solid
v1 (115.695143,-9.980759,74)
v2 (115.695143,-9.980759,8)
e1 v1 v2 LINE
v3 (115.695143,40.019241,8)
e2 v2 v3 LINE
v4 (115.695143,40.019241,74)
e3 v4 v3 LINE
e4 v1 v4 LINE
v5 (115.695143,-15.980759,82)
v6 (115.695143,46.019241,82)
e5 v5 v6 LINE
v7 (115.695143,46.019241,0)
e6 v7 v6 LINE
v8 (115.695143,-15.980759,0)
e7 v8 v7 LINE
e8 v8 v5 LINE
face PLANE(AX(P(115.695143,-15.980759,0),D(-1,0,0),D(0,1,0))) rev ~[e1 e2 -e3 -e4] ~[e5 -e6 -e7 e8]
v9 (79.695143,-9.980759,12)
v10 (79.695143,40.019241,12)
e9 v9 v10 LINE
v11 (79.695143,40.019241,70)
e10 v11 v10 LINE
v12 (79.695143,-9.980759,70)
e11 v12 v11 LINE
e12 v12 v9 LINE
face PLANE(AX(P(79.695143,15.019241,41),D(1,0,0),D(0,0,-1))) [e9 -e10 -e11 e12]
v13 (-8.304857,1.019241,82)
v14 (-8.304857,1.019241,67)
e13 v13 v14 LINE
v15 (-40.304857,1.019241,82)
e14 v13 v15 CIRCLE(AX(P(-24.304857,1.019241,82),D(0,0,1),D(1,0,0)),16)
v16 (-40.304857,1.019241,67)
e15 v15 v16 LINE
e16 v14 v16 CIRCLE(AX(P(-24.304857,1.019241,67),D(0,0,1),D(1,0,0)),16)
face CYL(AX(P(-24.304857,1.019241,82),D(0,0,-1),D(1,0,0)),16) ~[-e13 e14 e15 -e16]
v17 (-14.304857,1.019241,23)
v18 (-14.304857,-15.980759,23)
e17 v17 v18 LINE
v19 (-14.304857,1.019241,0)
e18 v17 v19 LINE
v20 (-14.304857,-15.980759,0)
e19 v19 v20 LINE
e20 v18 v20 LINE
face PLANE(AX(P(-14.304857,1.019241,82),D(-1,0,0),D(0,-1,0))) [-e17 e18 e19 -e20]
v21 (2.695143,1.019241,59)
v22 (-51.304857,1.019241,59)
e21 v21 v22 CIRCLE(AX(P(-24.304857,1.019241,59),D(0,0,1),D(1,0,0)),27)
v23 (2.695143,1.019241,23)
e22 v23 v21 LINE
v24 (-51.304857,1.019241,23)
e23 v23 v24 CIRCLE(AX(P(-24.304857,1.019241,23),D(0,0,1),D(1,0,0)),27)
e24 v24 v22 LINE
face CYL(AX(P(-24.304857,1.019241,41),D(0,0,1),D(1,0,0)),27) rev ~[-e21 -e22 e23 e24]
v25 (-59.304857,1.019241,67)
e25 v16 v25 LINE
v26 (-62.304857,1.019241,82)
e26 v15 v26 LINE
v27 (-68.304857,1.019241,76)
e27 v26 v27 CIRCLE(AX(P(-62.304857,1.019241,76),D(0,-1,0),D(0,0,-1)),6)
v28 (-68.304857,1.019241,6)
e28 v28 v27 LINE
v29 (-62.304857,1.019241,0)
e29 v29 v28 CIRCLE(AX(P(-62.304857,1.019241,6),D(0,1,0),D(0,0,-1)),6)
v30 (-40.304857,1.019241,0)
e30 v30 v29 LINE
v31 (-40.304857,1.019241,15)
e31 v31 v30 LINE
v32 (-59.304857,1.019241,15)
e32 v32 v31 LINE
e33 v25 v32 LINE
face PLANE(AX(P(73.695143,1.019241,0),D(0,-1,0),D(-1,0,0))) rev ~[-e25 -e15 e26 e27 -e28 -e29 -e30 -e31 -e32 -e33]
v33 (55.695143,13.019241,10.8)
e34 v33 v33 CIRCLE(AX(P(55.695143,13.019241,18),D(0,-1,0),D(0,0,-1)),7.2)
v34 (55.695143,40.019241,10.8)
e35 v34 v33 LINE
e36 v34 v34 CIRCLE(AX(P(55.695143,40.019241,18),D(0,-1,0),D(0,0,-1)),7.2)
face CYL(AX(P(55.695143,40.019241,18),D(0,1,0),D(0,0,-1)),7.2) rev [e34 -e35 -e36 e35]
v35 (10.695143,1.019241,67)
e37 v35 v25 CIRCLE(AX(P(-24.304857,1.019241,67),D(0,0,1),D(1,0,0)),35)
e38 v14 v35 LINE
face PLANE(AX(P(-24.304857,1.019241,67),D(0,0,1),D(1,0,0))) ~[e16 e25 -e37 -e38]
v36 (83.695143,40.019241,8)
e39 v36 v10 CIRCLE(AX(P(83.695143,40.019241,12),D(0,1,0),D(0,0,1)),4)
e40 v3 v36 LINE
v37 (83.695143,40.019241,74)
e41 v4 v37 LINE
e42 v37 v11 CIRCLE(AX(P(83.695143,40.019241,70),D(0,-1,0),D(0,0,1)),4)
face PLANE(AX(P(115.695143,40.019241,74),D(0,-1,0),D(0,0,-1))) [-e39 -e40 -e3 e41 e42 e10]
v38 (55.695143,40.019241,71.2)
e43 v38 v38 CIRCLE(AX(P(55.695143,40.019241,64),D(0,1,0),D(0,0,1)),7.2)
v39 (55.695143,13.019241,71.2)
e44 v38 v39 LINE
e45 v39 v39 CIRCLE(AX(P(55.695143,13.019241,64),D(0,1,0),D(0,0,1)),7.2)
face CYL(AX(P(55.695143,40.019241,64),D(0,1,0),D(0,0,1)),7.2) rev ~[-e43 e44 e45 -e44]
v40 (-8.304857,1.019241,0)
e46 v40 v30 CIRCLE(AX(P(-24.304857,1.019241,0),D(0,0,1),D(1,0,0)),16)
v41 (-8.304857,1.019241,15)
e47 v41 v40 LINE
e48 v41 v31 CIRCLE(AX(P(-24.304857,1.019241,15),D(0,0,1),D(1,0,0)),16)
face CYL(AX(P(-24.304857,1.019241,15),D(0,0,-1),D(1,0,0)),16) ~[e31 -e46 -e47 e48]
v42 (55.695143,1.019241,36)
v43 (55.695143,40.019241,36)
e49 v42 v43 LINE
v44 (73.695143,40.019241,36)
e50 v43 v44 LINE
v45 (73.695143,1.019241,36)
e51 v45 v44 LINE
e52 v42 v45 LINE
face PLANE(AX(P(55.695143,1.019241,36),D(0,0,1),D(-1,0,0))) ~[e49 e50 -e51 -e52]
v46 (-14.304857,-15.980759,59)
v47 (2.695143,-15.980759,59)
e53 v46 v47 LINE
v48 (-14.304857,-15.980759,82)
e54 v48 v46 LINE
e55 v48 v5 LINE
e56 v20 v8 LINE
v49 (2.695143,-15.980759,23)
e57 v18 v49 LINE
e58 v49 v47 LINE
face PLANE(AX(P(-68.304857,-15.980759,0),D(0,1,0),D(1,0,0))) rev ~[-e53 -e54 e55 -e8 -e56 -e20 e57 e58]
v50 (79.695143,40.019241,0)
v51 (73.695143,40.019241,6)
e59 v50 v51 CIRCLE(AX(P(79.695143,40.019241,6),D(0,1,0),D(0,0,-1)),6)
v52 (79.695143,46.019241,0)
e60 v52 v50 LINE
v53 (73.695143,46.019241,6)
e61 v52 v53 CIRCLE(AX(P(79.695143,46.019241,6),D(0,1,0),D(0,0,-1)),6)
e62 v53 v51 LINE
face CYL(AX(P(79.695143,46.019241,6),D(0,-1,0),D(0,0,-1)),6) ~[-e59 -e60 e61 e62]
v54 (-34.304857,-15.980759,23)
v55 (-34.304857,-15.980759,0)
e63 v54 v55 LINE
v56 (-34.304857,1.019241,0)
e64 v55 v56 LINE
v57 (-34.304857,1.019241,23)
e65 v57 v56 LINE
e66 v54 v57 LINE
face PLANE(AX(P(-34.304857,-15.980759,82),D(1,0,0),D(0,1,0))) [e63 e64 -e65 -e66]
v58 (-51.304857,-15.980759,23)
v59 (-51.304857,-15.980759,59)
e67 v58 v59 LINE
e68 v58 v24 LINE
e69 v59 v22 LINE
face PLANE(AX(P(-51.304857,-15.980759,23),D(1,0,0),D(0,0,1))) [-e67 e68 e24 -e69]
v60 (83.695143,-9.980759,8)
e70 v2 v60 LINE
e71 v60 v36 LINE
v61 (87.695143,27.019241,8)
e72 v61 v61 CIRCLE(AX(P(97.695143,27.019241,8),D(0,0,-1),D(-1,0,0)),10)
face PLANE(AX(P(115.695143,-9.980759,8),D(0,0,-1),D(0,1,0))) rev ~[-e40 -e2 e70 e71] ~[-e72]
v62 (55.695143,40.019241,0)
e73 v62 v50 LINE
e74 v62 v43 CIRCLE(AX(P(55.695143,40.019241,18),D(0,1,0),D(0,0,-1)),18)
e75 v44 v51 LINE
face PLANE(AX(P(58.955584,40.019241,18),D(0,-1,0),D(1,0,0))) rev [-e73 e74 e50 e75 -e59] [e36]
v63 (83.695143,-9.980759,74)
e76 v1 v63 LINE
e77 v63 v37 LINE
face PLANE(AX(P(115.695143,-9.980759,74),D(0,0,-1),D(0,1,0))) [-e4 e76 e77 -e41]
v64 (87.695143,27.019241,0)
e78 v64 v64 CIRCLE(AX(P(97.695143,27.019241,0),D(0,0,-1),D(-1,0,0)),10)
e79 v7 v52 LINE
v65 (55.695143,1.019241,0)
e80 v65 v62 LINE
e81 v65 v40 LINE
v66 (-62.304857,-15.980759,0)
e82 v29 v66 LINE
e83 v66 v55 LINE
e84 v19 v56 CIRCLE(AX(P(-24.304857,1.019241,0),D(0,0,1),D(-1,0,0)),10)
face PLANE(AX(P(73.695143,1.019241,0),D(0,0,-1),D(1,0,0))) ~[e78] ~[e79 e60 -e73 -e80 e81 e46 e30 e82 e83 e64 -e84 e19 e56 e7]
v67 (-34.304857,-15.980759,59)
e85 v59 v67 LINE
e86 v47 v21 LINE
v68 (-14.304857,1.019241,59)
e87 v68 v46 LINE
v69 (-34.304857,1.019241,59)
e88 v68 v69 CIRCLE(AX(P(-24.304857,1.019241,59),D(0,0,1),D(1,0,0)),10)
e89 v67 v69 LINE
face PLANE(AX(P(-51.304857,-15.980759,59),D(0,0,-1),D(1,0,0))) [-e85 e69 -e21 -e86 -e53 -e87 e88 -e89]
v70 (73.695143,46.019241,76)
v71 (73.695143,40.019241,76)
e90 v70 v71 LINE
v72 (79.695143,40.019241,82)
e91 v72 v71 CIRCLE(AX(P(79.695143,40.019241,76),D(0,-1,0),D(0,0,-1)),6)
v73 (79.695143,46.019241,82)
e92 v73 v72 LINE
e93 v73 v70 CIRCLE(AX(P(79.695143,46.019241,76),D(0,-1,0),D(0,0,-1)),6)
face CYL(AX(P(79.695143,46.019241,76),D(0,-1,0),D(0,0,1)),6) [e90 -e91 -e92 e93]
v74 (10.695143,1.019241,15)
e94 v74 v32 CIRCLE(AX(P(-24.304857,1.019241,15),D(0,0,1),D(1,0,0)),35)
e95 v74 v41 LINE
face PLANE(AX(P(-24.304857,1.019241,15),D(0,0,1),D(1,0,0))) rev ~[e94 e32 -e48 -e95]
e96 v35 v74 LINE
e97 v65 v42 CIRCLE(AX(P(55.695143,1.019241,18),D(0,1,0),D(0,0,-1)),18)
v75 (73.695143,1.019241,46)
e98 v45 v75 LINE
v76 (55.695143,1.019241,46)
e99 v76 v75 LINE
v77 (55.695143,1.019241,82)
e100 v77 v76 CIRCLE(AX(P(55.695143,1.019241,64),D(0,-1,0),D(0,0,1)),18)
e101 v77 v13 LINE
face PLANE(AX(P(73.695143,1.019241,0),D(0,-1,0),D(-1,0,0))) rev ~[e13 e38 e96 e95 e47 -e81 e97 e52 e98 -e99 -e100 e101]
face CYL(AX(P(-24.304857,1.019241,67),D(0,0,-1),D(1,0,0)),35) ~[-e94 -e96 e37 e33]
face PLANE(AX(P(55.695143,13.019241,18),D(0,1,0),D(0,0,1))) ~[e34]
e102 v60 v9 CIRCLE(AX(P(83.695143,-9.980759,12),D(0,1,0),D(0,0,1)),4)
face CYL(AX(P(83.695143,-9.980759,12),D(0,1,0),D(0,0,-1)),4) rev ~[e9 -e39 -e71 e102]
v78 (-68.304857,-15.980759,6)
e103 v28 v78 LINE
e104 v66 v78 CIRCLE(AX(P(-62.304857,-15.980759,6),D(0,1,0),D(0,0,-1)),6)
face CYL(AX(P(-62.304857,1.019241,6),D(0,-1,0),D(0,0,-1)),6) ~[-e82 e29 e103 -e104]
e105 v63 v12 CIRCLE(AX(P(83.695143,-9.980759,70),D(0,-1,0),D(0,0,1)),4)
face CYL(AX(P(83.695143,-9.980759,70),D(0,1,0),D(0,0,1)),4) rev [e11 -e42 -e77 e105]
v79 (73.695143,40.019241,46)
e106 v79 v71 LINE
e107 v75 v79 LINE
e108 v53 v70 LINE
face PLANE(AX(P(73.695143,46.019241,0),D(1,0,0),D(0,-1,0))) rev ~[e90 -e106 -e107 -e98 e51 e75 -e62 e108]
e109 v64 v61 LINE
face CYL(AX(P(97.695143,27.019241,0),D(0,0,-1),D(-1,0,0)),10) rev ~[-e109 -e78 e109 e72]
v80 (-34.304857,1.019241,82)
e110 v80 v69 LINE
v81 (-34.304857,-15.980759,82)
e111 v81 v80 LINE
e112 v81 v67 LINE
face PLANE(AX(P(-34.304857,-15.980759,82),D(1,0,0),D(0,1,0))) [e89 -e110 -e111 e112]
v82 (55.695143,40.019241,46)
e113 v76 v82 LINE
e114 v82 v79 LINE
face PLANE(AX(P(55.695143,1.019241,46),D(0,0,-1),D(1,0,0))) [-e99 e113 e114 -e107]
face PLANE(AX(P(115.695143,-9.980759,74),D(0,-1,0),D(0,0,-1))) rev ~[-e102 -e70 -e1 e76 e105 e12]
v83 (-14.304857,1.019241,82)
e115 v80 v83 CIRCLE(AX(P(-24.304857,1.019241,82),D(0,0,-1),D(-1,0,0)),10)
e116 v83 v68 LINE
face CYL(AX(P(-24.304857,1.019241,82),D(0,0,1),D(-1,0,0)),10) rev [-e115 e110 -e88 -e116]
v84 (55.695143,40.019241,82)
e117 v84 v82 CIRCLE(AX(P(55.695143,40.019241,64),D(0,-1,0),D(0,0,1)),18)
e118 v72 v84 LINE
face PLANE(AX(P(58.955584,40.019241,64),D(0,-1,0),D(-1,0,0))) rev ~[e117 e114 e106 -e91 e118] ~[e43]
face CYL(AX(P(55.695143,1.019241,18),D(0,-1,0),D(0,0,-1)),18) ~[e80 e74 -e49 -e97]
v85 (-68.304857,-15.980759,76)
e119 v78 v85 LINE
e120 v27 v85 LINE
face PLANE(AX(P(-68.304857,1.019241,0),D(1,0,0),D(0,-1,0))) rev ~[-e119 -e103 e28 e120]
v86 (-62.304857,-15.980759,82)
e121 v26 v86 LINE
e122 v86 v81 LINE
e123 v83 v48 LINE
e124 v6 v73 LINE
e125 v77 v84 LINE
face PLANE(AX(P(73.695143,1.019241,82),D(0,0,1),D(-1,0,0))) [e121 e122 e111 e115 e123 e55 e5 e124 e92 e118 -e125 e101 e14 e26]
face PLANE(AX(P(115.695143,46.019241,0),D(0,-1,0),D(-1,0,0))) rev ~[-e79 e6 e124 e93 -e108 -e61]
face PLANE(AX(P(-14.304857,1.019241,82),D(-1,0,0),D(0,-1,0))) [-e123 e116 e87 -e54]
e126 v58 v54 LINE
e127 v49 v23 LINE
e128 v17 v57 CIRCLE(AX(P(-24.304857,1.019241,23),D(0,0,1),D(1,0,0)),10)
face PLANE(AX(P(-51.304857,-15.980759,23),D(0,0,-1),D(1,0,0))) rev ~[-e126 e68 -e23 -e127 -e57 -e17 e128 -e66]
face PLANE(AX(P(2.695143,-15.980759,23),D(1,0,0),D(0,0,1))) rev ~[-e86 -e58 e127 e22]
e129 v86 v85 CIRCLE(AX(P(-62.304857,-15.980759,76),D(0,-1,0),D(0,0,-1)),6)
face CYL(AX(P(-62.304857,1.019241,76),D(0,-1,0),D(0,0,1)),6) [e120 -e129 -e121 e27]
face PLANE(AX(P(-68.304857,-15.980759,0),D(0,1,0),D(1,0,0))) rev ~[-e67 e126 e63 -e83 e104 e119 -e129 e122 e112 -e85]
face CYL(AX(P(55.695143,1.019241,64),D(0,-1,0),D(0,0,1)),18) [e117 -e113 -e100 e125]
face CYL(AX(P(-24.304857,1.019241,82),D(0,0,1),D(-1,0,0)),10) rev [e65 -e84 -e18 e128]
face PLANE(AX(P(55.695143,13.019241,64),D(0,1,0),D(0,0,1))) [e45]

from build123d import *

# Parameters (mm, degrees)
BOSS_EXTRUDE1_DEPTH = 82
SKETCH2_W           = 66
SKETCH2_H           = 50
CUT_EXTRUDE1_DEPTH  = 36
SKETCH3_R           = 10
CUT_EXTRUDE2_DEPTH  = 36
BOSS_EXTRUDE6_DEPTH = 39
SKETCH5_R           = 7.2
CUT_EXTRUDE3_DEPTH  = 27
REVOLVE2_ANGLE      = 180
CUT_EXTRUDE4_DEPTH  = 153
SKETCH10_W          = 54
SKETCH10_H          = 36
CUT_EXTRUDE5_DEPTH  = 17
SKETCH11_W          = 17
SKETCH11_H          = 36
CUT_REVOLVE2_ANGLE  = 180
FILLET1_R           = 4
FILLET2_R           = 6


with BuildPart() as part:
    # Sketch1 → Boss-Extrude1 (new body)
    with BuildSketch(Plane.XY):
        Polygon((-68.304856892, -15.980758971), (115.695143108, -15.980758971), (115.695143108, 46.019241029), (73.695143108, 46.019241029), (73.695143108, 1.019241029), (-68.304856892, 1.019241029), align=None)
    extrude(amount=BOSS_EXTRUDE1_DEPTH)

    # Sketch2 → Cut-Extrude1 (cut)
    with BuildSketch(Plane(origin=(115.695143108, 0, 0), x_dir=(0, 0, -1), z_dir=(1, 0, 0))):
        with Locations((-41, 15.019241029)):
            Rectangle(SKETCH2_W, SKETCH2_H)
    extrude(amount=-CUT_EXTRUDE1_DEPTH, mode=Mode.SUBTRACT)

    # Sketch3 → Cut-Extrude2 (cut)
    with BuildSketch(Plane(origin=(0, 0, 0), x_dir=(-1, 0, 0), z_dir=(0, 0, -1))):
        with Locations((-97.695143108, 27.019241029)):
            Circle(SKETCH3_R)
    extrude(amount=-CUT_EXTRUDE2_DEPTH, mode=Mode.SUBTRACT)

    # Sketch4 → Boss-Extrude6 (add)
    with BuildSketch(Plane(origin=(0, 1.019241029, 0), x_dir=(1, 0, 0), z_dir=(0, 1, 0))):
        with BuildLine():
            Line((55.695143108, -46), (73.695143108, -46))
            Line((73.695143108, -46), (73.695143108, -82))
            Line((73.695143108, -82), (55.695143108, -82))
            ThreePointArc((55.695143108, -82), (37.695143108, -64), (55.695143108, -46))
        make_face()
    boss_extrude6 = extrude(amount=BOSS_EXTRUDE6_DEPTH)

    # Sketch5 → Cut-Extrude3 (cut)
    with BuildSketch(Plane(origin=(0, 40.019241029, 0), x_dir=(1, 0, 0), z_dir=(0, 1, 0))):
        with Locations(Location((55.695143108, -64, 0), (0, 0, 270))):
            Circle(SKETCH5_R)
    cut_extrude3 = extrude(amount=-CUT_EXTRUDE3_DEPTH, mode=Mode.SUBTRACT)

    # Mirror3: Boss-Extrude6, Cut-Extrude3 across plane
    add(boss_extrude6.mirror(Plane.XY.offset(41)))
    add(cut_extrude3.mirror(Plane.XY.offset(41)), mode=Mode.SUBTRACT)

    # Sketch7 → Revolve2 (revolve)
    with BuildSketch(Plane(origin=(0, 1.019241029, 0), x_dir=(1, 0, 0), z_dir=(0, 1, 0))):
        Polygon((-24.304856892, 0), (-24.304856892, -82), (-8.304856892, -82), (-8.304856892, -67), (10.695143108, -67), (10.695143108, -15), (-8.304856892, -15), (-8.304856892, 0), align=None)
    revolve(axis=Axis((-24.304856892, 1.019241029, 0), (0, 0, 1)), revolution_arc=REVOLVE2_ANGLE)

    # Sketch8 → Cut-Extrude4 (cut)
    with BuildSketch(Plane.XY.offset(82)):
        with BuildLine():
            Line((-14.304856892, 1.019241029), (-14.304856892, -15.980758971))
            Line((-14.304856892, -15.980758971), (-34.304856892, -15.980758971))
            Line((-34.304856892, -15.980758971), (-34.304856892, 1.019241029))
            ThreePointArc((-34.304856892, 1.019241029), (-24.304856892, 11.019241029), (-14.304856892, 1.019241029))
        make_face()
    extrude(amount=-CUT_EXTRUDE4_DEPTH, mode=Mode.SUBTRACT)

    # Sketch10 → Cut-Extrude5 (cut)
    with BuildSketch(Plane.XZ.offset(15.980758971)):
        with Locations((-24.304856892, 41)):
            Rectangle(SKETCH10_W, SKETCH10_H)
    extrude(amount=-CUT_EXTRUDE5_DEPTH, mode=Mode.SUBTRACT)

    # Sketch11 → Cut-Revolve2 (revolve, cut)
    with BuildSketch(Plane.XZ.offset(-1.019241029)):
        with Locations((-5.804856892, 41)):
            Rectangle(SKETCH11_W, SKETCH11_H)
    revolve(axis=Axis((-24.304856892, 1.019241029, 0), (0, 0, 1)), revolution_arc=CUT_REVOLVE2_ANGLE, mode=Mode.SUBTRACT)

    # Fillet1
    fillet1_edges = [part.edges().sort_by_distance(p)[0] for p in [
        (79.695143108, 15.019241029, 74),
        (79.695143108, 15.019241029, 8),
    ]]
    fillet(fillet1_edges, radius=FILLET1_R)

    # Fillet2
    fillet2_edges = [part.edges().sort_by_distance(p)[0] for p in [
        (73.695143108, 43.019241029, 82),
        (-68.304856892, -7.480758971, 82),
        (73.695143108, 43.019241029, 0),
        (-68.304856892, -7.480758971, 0),
    ]]
    fillet(fillet2_edges, radius=FILLET2_R)


solid = part.part
